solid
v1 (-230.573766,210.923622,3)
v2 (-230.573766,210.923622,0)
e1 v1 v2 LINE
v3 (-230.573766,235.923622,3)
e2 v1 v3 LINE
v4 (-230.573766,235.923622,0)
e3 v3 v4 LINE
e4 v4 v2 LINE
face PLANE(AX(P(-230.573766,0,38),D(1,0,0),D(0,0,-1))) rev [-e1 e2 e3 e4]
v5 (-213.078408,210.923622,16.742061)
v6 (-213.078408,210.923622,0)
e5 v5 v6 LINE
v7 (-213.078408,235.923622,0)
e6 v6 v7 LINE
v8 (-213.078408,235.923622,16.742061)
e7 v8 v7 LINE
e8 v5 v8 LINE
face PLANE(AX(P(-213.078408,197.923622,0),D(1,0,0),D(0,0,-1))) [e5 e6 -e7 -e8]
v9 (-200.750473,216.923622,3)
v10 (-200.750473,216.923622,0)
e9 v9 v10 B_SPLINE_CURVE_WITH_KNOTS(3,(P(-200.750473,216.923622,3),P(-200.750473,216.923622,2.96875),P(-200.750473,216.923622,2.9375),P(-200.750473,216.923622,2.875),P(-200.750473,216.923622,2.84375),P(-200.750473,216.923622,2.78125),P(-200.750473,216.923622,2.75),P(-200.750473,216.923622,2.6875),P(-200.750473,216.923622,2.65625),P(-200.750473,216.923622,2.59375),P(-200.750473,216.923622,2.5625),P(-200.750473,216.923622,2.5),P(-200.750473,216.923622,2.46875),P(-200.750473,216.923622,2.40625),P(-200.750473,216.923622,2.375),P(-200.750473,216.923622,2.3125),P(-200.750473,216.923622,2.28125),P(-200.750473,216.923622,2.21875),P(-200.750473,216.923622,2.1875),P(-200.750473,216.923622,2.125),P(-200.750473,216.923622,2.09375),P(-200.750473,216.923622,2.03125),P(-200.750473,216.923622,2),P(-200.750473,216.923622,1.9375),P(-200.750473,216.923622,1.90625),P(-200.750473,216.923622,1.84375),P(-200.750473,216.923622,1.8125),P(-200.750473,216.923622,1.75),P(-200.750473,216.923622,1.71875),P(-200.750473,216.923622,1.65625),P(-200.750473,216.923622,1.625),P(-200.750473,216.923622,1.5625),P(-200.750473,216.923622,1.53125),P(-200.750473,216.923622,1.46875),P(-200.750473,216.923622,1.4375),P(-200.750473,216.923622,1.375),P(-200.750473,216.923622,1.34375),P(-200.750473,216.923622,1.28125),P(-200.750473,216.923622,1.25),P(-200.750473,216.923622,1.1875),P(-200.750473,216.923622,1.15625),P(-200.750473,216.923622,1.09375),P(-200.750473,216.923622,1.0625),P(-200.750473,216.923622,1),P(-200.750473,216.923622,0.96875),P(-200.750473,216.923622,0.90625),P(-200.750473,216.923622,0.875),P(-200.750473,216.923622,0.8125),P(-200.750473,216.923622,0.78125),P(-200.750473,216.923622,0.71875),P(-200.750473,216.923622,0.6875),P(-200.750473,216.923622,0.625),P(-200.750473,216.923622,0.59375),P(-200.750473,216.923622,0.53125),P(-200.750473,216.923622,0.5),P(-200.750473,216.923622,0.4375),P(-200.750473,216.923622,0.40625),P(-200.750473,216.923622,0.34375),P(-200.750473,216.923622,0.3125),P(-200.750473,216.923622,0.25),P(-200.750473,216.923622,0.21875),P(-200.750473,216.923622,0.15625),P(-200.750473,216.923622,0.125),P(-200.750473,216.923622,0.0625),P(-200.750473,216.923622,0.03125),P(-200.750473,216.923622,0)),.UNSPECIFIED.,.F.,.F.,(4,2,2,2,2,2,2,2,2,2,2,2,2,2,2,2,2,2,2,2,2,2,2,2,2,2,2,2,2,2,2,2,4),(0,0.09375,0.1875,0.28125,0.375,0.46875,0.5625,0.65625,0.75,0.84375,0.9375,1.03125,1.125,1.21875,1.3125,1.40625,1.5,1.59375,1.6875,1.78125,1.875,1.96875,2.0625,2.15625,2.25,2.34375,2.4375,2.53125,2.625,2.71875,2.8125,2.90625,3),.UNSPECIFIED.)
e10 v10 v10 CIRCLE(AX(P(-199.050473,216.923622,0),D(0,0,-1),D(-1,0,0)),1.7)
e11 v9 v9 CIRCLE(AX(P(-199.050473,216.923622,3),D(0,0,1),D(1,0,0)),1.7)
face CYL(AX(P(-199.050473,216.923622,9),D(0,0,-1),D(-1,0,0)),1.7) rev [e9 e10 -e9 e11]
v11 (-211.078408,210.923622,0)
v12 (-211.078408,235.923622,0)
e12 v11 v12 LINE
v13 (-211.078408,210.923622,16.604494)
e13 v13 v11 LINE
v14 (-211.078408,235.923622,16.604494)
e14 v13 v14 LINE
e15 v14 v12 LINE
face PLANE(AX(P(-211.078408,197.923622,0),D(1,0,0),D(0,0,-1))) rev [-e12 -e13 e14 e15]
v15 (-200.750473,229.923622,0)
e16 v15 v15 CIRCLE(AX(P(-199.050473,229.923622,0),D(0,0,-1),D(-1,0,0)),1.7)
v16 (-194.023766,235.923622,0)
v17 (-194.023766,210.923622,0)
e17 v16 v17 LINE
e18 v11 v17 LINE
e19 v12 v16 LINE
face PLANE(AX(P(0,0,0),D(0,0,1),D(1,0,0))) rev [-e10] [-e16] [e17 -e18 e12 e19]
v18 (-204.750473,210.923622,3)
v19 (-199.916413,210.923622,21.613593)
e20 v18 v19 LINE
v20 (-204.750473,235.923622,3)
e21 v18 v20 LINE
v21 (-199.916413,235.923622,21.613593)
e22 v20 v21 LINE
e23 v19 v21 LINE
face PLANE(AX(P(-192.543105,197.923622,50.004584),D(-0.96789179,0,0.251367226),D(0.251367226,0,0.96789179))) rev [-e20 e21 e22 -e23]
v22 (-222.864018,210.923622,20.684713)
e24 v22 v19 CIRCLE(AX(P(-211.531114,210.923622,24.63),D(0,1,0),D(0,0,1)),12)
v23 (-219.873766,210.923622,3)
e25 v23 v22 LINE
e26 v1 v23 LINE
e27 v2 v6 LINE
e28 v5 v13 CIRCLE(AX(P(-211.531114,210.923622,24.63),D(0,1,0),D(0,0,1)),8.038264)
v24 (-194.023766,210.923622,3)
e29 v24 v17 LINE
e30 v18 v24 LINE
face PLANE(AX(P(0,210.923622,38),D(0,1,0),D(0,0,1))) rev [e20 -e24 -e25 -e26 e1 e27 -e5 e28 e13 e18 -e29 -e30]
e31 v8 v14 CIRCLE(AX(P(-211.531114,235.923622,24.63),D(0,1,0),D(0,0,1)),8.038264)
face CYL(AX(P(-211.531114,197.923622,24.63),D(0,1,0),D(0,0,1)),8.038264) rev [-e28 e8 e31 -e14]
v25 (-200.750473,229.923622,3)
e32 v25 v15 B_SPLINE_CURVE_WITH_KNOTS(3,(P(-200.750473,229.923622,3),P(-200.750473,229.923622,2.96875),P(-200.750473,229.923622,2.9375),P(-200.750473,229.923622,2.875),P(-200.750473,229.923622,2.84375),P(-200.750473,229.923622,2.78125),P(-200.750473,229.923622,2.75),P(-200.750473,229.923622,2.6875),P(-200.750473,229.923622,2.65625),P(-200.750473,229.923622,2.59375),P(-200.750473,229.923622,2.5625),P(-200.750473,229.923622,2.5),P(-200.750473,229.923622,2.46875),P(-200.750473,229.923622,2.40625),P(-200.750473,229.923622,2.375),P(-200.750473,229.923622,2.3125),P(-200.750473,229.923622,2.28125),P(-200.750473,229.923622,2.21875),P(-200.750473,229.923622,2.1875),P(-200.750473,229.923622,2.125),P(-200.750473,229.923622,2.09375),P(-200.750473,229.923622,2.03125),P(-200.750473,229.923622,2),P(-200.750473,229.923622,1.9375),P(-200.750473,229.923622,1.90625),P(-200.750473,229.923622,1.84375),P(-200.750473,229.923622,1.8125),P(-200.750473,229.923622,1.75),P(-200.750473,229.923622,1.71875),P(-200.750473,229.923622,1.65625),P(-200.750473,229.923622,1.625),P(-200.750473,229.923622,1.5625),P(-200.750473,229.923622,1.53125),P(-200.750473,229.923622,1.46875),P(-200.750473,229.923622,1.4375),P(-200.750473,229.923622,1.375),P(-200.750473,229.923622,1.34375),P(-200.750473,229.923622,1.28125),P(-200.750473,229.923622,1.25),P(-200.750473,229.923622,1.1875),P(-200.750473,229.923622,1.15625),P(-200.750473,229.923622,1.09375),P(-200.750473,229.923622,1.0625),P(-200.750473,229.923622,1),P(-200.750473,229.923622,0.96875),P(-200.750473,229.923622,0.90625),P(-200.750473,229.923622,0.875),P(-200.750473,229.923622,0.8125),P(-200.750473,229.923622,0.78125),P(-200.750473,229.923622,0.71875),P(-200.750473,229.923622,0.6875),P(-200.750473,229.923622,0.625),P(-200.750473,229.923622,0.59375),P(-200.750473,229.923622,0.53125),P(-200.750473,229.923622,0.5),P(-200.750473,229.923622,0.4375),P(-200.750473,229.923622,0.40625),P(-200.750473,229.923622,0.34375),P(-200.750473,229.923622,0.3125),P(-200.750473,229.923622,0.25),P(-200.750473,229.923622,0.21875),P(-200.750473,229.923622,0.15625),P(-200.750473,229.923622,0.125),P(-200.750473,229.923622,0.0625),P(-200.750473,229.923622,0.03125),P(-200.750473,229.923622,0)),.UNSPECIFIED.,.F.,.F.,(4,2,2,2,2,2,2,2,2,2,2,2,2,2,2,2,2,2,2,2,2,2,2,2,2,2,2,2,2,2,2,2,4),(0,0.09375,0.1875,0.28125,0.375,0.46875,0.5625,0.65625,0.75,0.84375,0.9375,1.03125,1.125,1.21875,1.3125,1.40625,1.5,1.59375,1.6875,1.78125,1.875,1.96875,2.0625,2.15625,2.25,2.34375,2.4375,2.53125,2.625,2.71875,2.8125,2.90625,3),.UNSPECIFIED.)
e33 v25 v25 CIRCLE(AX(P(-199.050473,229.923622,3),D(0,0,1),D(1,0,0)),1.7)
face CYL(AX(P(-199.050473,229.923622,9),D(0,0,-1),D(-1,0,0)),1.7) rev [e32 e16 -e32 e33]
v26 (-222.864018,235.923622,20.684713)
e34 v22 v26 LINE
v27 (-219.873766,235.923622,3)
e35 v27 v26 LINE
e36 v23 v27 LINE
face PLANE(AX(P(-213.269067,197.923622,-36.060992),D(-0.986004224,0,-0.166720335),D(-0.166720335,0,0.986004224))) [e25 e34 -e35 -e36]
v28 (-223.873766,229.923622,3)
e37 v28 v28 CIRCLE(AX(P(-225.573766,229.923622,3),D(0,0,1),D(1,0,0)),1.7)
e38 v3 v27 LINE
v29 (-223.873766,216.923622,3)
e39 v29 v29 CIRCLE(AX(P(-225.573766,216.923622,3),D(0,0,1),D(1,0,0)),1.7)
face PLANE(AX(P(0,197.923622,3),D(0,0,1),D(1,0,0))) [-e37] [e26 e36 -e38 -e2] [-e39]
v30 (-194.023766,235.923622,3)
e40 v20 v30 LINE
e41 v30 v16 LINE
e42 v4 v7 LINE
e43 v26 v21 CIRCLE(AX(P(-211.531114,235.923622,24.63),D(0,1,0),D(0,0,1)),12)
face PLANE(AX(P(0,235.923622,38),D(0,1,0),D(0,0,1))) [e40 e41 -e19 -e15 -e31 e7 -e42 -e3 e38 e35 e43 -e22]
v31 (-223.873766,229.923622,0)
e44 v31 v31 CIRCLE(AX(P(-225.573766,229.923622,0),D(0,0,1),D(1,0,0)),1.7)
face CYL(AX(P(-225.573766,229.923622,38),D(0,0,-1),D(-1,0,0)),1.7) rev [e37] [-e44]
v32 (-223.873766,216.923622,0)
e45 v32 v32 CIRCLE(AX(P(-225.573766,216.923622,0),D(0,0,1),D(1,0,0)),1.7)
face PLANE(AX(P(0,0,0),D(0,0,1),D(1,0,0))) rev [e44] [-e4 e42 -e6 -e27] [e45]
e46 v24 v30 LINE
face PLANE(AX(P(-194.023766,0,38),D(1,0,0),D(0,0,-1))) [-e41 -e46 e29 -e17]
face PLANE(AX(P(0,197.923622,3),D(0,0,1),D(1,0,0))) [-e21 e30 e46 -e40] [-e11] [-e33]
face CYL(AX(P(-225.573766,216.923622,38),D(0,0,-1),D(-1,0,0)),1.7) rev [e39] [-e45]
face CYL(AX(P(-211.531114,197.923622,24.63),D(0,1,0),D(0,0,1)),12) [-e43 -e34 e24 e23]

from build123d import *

# Parameters (mm, degrees)
SKETCH1_R           = 1.7
BOSS_EXTRUDE1_DEPTH = 38
CUT_EXTRUDE1_DEPTH  = 38
SKETCH3_R           = 1.7
CUT_EXTRUDE2_DEPTH  = 9


with BuildPart() as part:
    # Sketch1 → Boss-Extrude1 (new body)
    with BuildSketch(Plane.XY):
        Polygon((-194.023766161, 235.92362241), (-230.573766163, 235.92362241), (-230.573766163, 210.92362241), (-194.023766161, 210.92362241), (-194.023766161, 223.42362241), align=None)
        with Locations((-225.573766163, 216.92362241)):
            Circle(SKETCH1_R, mode=Mode.SUBTRACT)
        with Locations((-225.573766163, 229.92362241)):
            Circle(SKETCH1_R, mode=Mode.SUBTRACT)
    extrude(amount=BOSS_EXTRUDE1_DEPTH)

    # Sketch2 → Cut-Extrude1 (cut)
    with BuildSketch(Plane(origin=(0, 235.92362241, 0), x_dir=(1, 0, 0), z_dir=(0, 1, 0))):
        with BuildLine():
            Line((-213.078407846, 0), (-213.078407846, -16.742061243))
            ThreePointArc((-213.078407846, -16.742061243), (-210.979515598, -32.649316271), (-211.078407846, -16.604493694))
            Line((-211.078407846, -16.604493694), (-211.078407846, 0))
            Line((-211.078407846, 0), (-213.078407846, 0))
        make_face()
        with BuildLine():
            ThreePointArc((-199.916412956, -21.613593286), (-212.016456661, -36.620181105), (-222.864018355, -20.684713088))
            Line((-222.864018355, -20.684713088), (-219.873766163, -3))
            Line((-219.873766163, -3), (-230.573766163, -3))
            Line((-230.573766163, -3), (-230.573766163, -38))
            Line((-230.573766163, -38), (-194.023766161, -38))
            Line((-194.023766161, -38), (-194.023766161, -3))
            Line((-194.023766161, -3), (-204.750473292, -3))
            Line((-204.750473292, -3), (-199.916412956, -21.613593286))
        make_face()
    extrude(amount=-CUT_EXTRUDE1_DEPTH, mode=Mode.SUBTRACT)

    # Sketch3 → Cut-Extrude2 (cut)
    with BuildSketch(Plane(origin=(0, 0, 0), x_dir=(-1, 0, 0), z_dir=(0, 0, -1))):
        with Locations((199.050473293, 216.92362241)):
            Circle(SKETCH3_R)
        with Locations((199.050473293, 229.92362241)):
            Circle(SKETCH3_R)
    extrude(amount=-CUT_EXTRUDE2_DEPTH, mode=Mode.SUBTRACT)


solid = part.part
